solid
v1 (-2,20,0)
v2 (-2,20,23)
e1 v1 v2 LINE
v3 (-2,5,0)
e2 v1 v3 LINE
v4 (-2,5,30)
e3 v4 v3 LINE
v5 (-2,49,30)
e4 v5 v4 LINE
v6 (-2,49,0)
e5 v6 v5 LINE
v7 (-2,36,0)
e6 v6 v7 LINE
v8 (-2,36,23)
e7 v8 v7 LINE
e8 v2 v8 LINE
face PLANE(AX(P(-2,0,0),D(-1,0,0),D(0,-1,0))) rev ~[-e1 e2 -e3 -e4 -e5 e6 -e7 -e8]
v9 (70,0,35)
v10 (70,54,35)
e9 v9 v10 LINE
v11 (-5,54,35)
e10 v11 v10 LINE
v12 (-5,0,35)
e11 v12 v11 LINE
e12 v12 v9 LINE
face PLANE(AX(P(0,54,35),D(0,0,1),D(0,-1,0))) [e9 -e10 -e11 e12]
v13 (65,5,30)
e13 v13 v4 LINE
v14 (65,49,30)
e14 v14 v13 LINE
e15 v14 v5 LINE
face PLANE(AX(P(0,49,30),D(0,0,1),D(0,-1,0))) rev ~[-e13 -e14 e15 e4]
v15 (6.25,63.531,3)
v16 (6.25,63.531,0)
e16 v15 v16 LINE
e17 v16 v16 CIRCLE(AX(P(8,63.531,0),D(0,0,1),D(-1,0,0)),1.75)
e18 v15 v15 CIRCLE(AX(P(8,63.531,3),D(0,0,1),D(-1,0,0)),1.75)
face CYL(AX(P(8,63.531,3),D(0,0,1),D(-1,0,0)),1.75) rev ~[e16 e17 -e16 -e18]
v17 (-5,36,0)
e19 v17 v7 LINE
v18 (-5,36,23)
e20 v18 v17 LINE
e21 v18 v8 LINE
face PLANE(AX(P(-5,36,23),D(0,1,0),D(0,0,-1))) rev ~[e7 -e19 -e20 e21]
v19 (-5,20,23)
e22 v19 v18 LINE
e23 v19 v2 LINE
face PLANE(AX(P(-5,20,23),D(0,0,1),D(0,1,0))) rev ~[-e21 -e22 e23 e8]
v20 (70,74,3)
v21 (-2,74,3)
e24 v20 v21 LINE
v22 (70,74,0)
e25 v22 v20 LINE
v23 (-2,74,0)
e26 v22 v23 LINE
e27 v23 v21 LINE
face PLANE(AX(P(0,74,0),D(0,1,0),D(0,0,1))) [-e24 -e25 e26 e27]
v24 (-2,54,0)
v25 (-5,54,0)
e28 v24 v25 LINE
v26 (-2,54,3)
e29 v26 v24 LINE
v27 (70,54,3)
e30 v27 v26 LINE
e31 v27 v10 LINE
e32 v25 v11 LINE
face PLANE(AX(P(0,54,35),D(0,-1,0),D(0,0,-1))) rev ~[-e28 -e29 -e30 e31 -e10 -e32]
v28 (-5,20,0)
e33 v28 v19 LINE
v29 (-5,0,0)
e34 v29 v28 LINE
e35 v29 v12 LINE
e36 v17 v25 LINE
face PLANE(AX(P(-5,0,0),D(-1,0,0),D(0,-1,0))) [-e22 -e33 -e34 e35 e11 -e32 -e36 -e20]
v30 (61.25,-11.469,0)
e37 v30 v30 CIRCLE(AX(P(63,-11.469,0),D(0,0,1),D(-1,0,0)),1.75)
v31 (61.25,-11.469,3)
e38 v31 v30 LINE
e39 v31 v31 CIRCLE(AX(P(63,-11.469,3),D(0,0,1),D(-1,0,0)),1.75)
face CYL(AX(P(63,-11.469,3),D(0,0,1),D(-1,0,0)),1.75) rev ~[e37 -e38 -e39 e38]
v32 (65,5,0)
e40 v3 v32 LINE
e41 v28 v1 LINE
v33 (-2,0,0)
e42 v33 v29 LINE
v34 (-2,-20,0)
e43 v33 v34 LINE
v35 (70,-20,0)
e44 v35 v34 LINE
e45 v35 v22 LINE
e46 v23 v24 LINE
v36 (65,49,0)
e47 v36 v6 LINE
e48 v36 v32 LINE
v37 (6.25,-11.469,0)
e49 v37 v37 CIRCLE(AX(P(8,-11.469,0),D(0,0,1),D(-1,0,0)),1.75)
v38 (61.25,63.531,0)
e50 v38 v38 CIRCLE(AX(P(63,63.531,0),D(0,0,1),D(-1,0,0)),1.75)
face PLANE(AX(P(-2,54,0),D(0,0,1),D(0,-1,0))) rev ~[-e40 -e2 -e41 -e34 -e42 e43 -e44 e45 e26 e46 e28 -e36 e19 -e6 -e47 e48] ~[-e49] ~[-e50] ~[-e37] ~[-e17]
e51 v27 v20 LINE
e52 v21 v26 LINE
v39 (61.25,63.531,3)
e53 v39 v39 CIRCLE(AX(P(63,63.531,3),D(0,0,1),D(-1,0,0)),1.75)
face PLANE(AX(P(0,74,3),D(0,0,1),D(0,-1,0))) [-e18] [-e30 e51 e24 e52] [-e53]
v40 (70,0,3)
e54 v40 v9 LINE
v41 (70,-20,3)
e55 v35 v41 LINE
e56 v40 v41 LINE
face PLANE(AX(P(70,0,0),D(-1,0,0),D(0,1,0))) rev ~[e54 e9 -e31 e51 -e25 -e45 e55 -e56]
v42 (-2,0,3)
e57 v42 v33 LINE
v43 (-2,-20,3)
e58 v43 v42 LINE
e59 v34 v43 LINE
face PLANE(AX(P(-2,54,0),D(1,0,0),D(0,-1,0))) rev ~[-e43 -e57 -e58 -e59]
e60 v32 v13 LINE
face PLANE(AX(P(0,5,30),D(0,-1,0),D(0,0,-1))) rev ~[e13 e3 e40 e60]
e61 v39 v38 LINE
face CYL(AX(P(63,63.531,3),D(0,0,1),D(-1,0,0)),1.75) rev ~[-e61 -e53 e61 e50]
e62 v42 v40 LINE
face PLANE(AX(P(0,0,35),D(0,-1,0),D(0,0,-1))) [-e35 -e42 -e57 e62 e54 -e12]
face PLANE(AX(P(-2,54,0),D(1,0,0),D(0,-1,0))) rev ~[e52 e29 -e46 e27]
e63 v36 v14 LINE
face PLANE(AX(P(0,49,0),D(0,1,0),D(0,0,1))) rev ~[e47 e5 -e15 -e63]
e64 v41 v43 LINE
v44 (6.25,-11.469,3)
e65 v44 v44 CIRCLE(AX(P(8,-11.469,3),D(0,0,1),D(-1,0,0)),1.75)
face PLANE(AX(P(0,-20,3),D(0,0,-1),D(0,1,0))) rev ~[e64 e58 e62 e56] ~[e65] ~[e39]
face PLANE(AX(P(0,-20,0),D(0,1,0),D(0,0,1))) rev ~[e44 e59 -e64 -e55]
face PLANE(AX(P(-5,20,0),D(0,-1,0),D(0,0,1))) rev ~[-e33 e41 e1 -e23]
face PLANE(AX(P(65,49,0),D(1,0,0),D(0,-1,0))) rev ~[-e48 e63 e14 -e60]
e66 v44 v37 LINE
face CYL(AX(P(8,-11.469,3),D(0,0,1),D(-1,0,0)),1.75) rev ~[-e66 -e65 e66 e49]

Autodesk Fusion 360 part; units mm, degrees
sketch "Sketch1" plane through (0, 0, 0) normal (0, 0, 1) x (1, 0, 0)
  line L0 (70, 0) -> (70, 54)
  line L1 (70, 54) -> (0, 54)
  line L2 (0, 54) -> (0, 0)
  line L3 (5, 49) -> (65, 49)
  line L4 (65, 49) -> (65, 5)
  line L5 (65, 5) -> (5, 5)
  line L6 (5, 5) -> (5, 49)
  line L7 (0, 0) -> (70, 0)
  line L8 (0, 54) -> (70, 54)
  line L9 (70, 54) -> (70, 74)
  line L10 (70, 74) -> (0, 74)
  line L11 (0, 74) -> (0, 54)
  line L12 (0, 0) -> (70, 0)
  line L13 (70, 0) -> (70, -20)
  line L14 (70, -20) -> (0, -20)
  line L15 (0, -20) -> (0, 0)
  dimension "d1" = 54
  dimension "d2" = 70
  dimension "d3" = 5
  dimension "d4" = 5
  dimension "d5" = 5
  dimension "d11" = 5
  dimension "d12" = 20
  dimension "d13" = 20
extrude "Extrude1" add sketch "Sketch1" along normal blind 30 contours L0 L1 L2 L7 L8 L12
extrude "Extrude2" add sketch "Sketch1" along normal blind 3 contours L7 L12 L13 L14 L15 | L1 L8 L9 L10 L11
sketch "Sketch3" plane through (0, 0, 30) normal (0, 0, 1) x (-1, 0, 0)
  line L0 (-65, -5) -> (-5, -5)
  line L1 (-5, -5) -> (-5, -49)
  line L2 (-5, -49) -> (-65, -49)
  line L3 (-65, -49) -> (-65, -5)
  line L4 (0, -54) -> (0, 0)
  line L5 (0, 0) -> (-70, 0)
  line L6 (-70, 0) -> (-70, -54)
  line L7 (-70, -54) -> (0, -54)
  line L8 (0, -54) -> (-70, -54)
  line L9 (-70, -54) -> (-70, 0)
  line L10 (-70, 0) -> (0, 0)
  line L11 (0, 0) -> (0, -54)
extrude "Extrude3" add sketch "Sketch3" along normal blind 5 contours L0 L1 L2 L3 | L4 L5 L6 L7 L8 L9 L10 L11
sketch "Sketch4" plane through (0, 0, 3) normal (0, 0, 1) x (-1, 0, 0)
  line L0 (0, -74) -> (0, -54)
  line L1 (0, -54) -> (-70, -54)
  line L2 (-70, -54) -> (-70, -74)
  line L3 (-70, -74) -> (0, -74)
  circle A0 centre (-8, -63.531) radius 1.75
  circle A1 centre (-63, -63.531) radius 1.75
  circle A2 centre (-8, 11.469) radius 1.75
  circle A3 centre (-63, 11.469) radius 1.75
  line L4 (0, -74) -> (0, -54)
  line L5 (-70, -74) -> (0, -74)
  dimension "d18" = 3.5
  dimension "d21" = -55
  dimension "d22" = 75
  dimension "d23" = 8
  dimension "d24" = 10.469
extrude "Extrude4" cut sketch "Sketch4" against normal blind 3 contours A0 | A1 | A2 | A3
sketch "Sketch5" plane through (0, 0, 0) normal (-1, 0, 0) x (0, -1, 0)
  line L0 (-74, 0) -> (20, 0)
  line L1 (20, 0) -> (20, 3)
  line L2 (20, 3) -> (0, 3)
  line L3 (0, 3) -> (0, 35)
  line L4 (0, 35) -> (-54, 35)
  line L5 (-54, 35) -> (-54, 3)
  line L6 (-54, 3) -> (-74, 3)
  line L7 (-74, 3) -> (-74, 0)
  line L8 (-5, 0) -> (-49, 0)
  line L9 (-49, 0) -> (-49, 30)
  line L10 (-49, 30) -> (-5, 30)
  line L11 (-5, 30) -> (-5, 0)
  dimension "d27" = 5
  dimension "d28" = 5
  dimension "d33" = 5
extrude "Extrude5" cut sketch "Sketch5" against normal blind 5 contours L0 L8 L9 L10 L11
extrude "Extrude6" add 1 faces at (0, 34.3333, 33.3333) along direction (-1, 0, 0) blind 2
sketch "Sketch7" plane through (-2, 0, 0) normal (-1, 0, 0) x (0, -1, 0)
  line L0 (-5, 30) -> (-5, 0)
  line L1 (-5, 0) -> (20, 0)
  line L2 (20, 0) -> (20, 3)
  line L3 (20, 3) -> (0, 3)
  line L4 (0, 3) -> (0, 35)
  line L5 (0, 35) -> (-54, 35)
  line L6 (-54, 35) -> (-54, 3)
  line L7 (-54, 3) -> (-74, 3)
  line L8 (-74, 3) -> (-74, 0)
  line L9 (-74, 0) -> (-49, 0)
  line L10 (-49, 0) -> (-49, 30)
  line L11 (-49, 30) -> (-5, 30)
  line L12 (-54, 35) -> (0, 35)
  line L13 (0, 35) -> (0, 0)
  line L14 (0, 0) -> (-54, 0)
  line L15 (-54, 0) -> (-54, 35)
extrude "Extrude7" add sketch "Sketch7" along normal blind 3 contours L0 L1 L4 L5 L6 L9 L10 L11 L12 L13 L14 L15 | L0 L10 L11 L14
sketch "Sketch8" plane through (-5, 0, 0) normal (-1, 0, 0) x (0, -1, 0)
  line L0 (-54, 0) -> (0, 0)
  line L1 (0, 0) -> (0, 35)
  line L2 (0, 35) -> (-54, 35)
  line L3 (-54, 35) -> (-54, 0)
  line L4 (-36, 0) -> (-20, 0)
  line L5 (-20, 0) -> (-20, 23)
  line L6 (-20, 23) -> (-36, 23)
  line L7 (-36, 23) -> (-36, 0)
  line L8 (-74, 3) -> (-74, 0)
  line L9 (20, 0) -> (20, 3)
  dimension "d39" = 38
  dimension "d40" = 40
  dimension "d41" = 23
extrude "Extrude8" cut sketch "Sketch8" against normal blind 3 contours L0 L4 L5 L6 L7
